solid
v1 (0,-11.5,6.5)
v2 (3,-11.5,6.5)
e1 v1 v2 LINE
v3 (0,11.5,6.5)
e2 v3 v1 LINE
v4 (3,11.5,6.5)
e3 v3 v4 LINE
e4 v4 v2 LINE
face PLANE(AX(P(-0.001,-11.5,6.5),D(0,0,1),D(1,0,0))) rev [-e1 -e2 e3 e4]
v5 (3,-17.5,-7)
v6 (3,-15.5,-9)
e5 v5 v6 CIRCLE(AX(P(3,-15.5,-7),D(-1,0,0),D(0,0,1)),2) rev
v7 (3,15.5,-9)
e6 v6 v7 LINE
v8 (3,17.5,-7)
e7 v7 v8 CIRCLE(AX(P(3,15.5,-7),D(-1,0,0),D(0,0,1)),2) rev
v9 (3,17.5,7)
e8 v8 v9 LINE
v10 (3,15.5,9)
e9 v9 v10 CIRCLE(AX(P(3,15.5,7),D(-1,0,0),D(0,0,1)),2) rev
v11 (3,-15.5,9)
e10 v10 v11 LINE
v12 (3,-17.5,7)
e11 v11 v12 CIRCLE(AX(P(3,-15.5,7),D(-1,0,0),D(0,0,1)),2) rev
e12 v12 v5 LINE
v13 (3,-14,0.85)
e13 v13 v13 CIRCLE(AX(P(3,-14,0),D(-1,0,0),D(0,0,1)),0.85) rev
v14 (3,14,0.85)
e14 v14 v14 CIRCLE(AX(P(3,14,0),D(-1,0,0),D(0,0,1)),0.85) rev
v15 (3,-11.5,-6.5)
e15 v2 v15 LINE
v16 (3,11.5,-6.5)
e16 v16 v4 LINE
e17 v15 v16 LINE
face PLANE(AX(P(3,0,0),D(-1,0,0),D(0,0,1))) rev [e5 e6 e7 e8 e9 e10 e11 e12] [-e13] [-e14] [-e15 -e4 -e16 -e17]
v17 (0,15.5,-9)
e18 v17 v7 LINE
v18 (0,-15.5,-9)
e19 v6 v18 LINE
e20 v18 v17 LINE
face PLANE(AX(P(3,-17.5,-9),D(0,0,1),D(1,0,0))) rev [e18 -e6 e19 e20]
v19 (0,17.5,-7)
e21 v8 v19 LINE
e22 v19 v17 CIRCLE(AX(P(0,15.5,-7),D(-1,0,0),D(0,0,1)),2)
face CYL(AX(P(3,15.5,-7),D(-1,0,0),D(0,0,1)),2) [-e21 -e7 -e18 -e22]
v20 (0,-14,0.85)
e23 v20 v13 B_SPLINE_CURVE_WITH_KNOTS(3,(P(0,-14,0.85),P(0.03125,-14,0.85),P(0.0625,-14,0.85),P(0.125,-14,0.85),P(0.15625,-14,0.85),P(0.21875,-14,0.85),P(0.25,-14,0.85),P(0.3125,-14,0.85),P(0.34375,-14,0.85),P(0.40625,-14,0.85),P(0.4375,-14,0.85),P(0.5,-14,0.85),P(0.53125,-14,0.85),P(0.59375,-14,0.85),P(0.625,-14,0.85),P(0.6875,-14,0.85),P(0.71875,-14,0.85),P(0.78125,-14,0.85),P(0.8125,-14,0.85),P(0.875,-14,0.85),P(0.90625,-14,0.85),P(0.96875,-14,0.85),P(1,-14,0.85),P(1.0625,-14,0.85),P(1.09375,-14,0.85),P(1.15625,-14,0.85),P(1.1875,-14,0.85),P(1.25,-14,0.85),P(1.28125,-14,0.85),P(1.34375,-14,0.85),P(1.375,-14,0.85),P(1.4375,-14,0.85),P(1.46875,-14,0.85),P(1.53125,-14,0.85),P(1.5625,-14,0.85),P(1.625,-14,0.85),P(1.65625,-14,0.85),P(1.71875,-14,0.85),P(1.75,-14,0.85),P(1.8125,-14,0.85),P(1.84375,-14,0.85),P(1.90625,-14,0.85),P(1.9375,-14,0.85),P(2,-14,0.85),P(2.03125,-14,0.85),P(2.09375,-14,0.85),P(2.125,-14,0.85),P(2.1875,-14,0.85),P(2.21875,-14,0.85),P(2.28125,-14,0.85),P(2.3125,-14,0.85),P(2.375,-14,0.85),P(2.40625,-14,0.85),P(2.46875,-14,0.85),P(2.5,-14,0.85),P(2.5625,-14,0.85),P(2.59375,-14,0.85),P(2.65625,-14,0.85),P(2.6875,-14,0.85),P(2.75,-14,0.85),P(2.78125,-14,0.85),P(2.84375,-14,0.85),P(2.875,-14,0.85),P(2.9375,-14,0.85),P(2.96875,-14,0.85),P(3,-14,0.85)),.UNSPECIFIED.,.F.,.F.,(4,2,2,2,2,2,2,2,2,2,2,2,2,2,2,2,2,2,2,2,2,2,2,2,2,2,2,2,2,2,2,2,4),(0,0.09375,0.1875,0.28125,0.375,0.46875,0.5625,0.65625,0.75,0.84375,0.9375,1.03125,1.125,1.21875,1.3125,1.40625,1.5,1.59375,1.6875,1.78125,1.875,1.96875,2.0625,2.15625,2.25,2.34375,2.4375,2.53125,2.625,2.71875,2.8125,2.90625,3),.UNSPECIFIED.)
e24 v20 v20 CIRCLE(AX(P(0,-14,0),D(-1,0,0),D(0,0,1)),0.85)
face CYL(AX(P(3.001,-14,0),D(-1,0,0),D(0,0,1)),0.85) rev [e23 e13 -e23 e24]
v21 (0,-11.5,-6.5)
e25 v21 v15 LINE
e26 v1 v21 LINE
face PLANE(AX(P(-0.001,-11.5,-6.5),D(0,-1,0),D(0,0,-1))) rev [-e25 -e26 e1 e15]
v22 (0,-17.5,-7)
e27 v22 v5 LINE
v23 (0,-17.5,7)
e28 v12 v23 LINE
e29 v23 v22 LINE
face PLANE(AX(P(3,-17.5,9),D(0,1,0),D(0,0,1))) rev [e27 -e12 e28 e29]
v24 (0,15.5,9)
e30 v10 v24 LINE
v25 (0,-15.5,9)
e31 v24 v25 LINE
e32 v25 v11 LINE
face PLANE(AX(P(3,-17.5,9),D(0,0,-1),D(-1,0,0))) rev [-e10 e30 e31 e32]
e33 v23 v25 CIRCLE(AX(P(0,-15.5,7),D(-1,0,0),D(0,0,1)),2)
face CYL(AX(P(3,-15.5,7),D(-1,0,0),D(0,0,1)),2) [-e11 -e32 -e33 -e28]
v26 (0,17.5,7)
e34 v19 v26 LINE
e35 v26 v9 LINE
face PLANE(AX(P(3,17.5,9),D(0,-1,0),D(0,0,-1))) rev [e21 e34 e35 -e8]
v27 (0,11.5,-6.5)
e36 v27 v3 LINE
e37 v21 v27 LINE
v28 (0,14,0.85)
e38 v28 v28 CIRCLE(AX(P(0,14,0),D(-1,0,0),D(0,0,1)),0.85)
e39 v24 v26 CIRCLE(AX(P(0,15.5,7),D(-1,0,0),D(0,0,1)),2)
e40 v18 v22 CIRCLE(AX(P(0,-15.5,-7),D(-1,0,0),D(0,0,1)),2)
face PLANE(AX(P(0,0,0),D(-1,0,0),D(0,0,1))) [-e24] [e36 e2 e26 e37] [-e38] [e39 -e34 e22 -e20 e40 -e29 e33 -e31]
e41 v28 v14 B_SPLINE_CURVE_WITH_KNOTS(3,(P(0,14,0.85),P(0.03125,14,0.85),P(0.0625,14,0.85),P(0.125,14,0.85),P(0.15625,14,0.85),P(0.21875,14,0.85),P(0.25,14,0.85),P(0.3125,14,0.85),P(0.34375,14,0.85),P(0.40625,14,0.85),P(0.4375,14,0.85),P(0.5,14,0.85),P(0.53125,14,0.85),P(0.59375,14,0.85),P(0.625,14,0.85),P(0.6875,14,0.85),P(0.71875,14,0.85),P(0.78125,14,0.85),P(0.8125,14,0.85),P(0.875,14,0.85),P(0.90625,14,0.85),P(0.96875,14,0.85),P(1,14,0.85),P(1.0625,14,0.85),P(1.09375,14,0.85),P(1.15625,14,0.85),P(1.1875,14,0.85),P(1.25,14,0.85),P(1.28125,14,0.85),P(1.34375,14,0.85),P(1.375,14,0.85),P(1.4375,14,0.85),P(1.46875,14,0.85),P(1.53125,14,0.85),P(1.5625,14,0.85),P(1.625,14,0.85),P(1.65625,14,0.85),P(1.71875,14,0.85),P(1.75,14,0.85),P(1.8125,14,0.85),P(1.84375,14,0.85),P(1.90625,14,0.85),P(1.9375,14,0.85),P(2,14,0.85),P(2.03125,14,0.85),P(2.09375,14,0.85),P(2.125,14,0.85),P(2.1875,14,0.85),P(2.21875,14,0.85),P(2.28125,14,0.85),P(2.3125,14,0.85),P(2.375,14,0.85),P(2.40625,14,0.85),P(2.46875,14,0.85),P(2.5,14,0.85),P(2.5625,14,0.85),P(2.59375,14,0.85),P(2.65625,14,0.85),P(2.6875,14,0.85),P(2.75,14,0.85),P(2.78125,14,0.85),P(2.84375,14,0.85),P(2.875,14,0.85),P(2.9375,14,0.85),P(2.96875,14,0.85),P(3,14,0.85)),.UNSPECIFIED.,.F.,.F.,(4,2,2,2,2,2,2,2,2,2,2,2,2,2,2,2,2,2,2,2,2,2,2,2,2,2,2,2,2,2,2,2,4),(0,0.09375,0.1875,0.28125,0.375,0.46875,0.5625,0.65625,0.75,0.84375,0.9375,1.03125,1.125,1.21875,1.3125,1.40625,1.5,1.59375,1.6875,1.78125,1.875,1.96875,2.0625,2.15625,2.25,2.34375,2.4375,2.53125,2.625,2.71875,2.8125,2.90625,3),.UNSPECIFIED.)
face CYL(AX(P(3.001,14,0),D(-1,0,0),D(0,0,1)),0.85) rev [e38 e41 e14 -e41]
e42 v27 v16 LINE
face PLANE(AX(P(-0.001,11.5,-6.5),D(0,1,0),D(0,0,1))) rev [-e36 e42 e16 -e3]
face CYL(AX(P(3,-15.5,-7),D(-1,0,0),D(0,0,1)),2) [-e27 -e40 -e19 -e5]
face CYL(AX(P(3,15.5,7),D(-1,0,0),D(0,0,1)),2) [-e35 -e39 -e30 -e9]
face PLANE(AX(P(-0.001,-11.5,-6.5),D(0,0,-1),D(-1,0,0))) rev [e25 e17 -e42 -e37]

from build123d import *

# Parameters (mm, degrees)
ESBO_O1_W                = 18
ESBO_O1_H                = 35
RESSALTO_EXTRUS_O1_DEPTH = 3
CORTE_EXTRUS_O1_REACH    = 21.906
ESBO_O2_W                = 13
ESBO_O2_H                = 23
CORTE_EXTRUS_O2_REACH    = 21.906
ESBO_O3_R                = 0.85
FILETE1_R                = 2


with BuildPart() as part:
    # Esboço1 → Ressalto-extrusão1 (new body)
    with BuildSketch(Plane(origin=(0, 0, 0), x_dir=(0, 0, -1), z_dir=(1, 0, 0))):
        Rectangle(ESBO_O1_W, ESBO_O1_H)
    extrude(amount=RESSALTO_EXTRUS_O1_DEPTH)

    # Esboço2 → Corte-extrusão1 (cut, up to next)
    with BuildSketch(Plane(origin=(3, 0, 0), x_dir=(0, 0, -1), z_dir=(1, 0, 0)), mode=Mode.PRIVATE) as corte_extrus_o1_sk1:
        Rectangle(ESBO_O2_W, ESBO_O2_H)
    corte_extrus_o1_tool1 = extrude(corte_extrus_o1_sk1.sketch, amount=-CORTE_EXTRUS_O1_REACH, mode=Mode.PRIVATE) & part.part
    add(corte_extrus_o1_tool1.solids().sort_by_distance((3, 0, 0))[0], mode=Mode.SUBTRACT)

    # Esboço3 → Corte-extrusão2 (cut, up to next)
    with BuildSketch(Plane.ZY, mode=Mode.PRIVATE) as corte_extrus_o2_sk1:
        with Locations((0, 14)):
            Circle(ESBO_O3_R)
    corte_extrus_o2_tool1 = extrude(corte_extrus_o2_sk1.sketch, amount=-CORTE_EXTRUS_O2_REACH, mode=Mode.PRIVATE) & part.part
    # Esboço3 → Corte-extrusão2 (cut, up to next)
    with BuildSketch(Plane.ZY, mode=Mode.PRIVATE) as corte_extrus_o2_sk2:
        with Locations((0, -14)):
            Circle(ESBO_O3_R)
    corte_extrus_o2_tool2 = extrude(corte_extrus_o2_sk2.sketch, amount=-CORTE_EXTRUS_O2_REACH, mode=Mode.PRIVATE) & part.part
    add(corte_extrus_o2_tool1.solids().sort_by_distance((0, 14, 0))[0], mode=Mode.SUBTRACT)
    add(corte_extrus_o2_tool2.solids().sort_by_distance((0, -14, 0))[0], mode=Mode.SUBTRACT)

    # Filete1
    filete1_edges = [part.edges().sort_by_distance(p)[0] for p in [
        (1.5, -17.5, -9),
        (1.5, -17.5, 9),
        (1.5, 17.5, 9),
        (1.5, 17.5, -9),
    ]]
    fillet(filete1_edges, radius=FILETE1_R)


solid = part.part
